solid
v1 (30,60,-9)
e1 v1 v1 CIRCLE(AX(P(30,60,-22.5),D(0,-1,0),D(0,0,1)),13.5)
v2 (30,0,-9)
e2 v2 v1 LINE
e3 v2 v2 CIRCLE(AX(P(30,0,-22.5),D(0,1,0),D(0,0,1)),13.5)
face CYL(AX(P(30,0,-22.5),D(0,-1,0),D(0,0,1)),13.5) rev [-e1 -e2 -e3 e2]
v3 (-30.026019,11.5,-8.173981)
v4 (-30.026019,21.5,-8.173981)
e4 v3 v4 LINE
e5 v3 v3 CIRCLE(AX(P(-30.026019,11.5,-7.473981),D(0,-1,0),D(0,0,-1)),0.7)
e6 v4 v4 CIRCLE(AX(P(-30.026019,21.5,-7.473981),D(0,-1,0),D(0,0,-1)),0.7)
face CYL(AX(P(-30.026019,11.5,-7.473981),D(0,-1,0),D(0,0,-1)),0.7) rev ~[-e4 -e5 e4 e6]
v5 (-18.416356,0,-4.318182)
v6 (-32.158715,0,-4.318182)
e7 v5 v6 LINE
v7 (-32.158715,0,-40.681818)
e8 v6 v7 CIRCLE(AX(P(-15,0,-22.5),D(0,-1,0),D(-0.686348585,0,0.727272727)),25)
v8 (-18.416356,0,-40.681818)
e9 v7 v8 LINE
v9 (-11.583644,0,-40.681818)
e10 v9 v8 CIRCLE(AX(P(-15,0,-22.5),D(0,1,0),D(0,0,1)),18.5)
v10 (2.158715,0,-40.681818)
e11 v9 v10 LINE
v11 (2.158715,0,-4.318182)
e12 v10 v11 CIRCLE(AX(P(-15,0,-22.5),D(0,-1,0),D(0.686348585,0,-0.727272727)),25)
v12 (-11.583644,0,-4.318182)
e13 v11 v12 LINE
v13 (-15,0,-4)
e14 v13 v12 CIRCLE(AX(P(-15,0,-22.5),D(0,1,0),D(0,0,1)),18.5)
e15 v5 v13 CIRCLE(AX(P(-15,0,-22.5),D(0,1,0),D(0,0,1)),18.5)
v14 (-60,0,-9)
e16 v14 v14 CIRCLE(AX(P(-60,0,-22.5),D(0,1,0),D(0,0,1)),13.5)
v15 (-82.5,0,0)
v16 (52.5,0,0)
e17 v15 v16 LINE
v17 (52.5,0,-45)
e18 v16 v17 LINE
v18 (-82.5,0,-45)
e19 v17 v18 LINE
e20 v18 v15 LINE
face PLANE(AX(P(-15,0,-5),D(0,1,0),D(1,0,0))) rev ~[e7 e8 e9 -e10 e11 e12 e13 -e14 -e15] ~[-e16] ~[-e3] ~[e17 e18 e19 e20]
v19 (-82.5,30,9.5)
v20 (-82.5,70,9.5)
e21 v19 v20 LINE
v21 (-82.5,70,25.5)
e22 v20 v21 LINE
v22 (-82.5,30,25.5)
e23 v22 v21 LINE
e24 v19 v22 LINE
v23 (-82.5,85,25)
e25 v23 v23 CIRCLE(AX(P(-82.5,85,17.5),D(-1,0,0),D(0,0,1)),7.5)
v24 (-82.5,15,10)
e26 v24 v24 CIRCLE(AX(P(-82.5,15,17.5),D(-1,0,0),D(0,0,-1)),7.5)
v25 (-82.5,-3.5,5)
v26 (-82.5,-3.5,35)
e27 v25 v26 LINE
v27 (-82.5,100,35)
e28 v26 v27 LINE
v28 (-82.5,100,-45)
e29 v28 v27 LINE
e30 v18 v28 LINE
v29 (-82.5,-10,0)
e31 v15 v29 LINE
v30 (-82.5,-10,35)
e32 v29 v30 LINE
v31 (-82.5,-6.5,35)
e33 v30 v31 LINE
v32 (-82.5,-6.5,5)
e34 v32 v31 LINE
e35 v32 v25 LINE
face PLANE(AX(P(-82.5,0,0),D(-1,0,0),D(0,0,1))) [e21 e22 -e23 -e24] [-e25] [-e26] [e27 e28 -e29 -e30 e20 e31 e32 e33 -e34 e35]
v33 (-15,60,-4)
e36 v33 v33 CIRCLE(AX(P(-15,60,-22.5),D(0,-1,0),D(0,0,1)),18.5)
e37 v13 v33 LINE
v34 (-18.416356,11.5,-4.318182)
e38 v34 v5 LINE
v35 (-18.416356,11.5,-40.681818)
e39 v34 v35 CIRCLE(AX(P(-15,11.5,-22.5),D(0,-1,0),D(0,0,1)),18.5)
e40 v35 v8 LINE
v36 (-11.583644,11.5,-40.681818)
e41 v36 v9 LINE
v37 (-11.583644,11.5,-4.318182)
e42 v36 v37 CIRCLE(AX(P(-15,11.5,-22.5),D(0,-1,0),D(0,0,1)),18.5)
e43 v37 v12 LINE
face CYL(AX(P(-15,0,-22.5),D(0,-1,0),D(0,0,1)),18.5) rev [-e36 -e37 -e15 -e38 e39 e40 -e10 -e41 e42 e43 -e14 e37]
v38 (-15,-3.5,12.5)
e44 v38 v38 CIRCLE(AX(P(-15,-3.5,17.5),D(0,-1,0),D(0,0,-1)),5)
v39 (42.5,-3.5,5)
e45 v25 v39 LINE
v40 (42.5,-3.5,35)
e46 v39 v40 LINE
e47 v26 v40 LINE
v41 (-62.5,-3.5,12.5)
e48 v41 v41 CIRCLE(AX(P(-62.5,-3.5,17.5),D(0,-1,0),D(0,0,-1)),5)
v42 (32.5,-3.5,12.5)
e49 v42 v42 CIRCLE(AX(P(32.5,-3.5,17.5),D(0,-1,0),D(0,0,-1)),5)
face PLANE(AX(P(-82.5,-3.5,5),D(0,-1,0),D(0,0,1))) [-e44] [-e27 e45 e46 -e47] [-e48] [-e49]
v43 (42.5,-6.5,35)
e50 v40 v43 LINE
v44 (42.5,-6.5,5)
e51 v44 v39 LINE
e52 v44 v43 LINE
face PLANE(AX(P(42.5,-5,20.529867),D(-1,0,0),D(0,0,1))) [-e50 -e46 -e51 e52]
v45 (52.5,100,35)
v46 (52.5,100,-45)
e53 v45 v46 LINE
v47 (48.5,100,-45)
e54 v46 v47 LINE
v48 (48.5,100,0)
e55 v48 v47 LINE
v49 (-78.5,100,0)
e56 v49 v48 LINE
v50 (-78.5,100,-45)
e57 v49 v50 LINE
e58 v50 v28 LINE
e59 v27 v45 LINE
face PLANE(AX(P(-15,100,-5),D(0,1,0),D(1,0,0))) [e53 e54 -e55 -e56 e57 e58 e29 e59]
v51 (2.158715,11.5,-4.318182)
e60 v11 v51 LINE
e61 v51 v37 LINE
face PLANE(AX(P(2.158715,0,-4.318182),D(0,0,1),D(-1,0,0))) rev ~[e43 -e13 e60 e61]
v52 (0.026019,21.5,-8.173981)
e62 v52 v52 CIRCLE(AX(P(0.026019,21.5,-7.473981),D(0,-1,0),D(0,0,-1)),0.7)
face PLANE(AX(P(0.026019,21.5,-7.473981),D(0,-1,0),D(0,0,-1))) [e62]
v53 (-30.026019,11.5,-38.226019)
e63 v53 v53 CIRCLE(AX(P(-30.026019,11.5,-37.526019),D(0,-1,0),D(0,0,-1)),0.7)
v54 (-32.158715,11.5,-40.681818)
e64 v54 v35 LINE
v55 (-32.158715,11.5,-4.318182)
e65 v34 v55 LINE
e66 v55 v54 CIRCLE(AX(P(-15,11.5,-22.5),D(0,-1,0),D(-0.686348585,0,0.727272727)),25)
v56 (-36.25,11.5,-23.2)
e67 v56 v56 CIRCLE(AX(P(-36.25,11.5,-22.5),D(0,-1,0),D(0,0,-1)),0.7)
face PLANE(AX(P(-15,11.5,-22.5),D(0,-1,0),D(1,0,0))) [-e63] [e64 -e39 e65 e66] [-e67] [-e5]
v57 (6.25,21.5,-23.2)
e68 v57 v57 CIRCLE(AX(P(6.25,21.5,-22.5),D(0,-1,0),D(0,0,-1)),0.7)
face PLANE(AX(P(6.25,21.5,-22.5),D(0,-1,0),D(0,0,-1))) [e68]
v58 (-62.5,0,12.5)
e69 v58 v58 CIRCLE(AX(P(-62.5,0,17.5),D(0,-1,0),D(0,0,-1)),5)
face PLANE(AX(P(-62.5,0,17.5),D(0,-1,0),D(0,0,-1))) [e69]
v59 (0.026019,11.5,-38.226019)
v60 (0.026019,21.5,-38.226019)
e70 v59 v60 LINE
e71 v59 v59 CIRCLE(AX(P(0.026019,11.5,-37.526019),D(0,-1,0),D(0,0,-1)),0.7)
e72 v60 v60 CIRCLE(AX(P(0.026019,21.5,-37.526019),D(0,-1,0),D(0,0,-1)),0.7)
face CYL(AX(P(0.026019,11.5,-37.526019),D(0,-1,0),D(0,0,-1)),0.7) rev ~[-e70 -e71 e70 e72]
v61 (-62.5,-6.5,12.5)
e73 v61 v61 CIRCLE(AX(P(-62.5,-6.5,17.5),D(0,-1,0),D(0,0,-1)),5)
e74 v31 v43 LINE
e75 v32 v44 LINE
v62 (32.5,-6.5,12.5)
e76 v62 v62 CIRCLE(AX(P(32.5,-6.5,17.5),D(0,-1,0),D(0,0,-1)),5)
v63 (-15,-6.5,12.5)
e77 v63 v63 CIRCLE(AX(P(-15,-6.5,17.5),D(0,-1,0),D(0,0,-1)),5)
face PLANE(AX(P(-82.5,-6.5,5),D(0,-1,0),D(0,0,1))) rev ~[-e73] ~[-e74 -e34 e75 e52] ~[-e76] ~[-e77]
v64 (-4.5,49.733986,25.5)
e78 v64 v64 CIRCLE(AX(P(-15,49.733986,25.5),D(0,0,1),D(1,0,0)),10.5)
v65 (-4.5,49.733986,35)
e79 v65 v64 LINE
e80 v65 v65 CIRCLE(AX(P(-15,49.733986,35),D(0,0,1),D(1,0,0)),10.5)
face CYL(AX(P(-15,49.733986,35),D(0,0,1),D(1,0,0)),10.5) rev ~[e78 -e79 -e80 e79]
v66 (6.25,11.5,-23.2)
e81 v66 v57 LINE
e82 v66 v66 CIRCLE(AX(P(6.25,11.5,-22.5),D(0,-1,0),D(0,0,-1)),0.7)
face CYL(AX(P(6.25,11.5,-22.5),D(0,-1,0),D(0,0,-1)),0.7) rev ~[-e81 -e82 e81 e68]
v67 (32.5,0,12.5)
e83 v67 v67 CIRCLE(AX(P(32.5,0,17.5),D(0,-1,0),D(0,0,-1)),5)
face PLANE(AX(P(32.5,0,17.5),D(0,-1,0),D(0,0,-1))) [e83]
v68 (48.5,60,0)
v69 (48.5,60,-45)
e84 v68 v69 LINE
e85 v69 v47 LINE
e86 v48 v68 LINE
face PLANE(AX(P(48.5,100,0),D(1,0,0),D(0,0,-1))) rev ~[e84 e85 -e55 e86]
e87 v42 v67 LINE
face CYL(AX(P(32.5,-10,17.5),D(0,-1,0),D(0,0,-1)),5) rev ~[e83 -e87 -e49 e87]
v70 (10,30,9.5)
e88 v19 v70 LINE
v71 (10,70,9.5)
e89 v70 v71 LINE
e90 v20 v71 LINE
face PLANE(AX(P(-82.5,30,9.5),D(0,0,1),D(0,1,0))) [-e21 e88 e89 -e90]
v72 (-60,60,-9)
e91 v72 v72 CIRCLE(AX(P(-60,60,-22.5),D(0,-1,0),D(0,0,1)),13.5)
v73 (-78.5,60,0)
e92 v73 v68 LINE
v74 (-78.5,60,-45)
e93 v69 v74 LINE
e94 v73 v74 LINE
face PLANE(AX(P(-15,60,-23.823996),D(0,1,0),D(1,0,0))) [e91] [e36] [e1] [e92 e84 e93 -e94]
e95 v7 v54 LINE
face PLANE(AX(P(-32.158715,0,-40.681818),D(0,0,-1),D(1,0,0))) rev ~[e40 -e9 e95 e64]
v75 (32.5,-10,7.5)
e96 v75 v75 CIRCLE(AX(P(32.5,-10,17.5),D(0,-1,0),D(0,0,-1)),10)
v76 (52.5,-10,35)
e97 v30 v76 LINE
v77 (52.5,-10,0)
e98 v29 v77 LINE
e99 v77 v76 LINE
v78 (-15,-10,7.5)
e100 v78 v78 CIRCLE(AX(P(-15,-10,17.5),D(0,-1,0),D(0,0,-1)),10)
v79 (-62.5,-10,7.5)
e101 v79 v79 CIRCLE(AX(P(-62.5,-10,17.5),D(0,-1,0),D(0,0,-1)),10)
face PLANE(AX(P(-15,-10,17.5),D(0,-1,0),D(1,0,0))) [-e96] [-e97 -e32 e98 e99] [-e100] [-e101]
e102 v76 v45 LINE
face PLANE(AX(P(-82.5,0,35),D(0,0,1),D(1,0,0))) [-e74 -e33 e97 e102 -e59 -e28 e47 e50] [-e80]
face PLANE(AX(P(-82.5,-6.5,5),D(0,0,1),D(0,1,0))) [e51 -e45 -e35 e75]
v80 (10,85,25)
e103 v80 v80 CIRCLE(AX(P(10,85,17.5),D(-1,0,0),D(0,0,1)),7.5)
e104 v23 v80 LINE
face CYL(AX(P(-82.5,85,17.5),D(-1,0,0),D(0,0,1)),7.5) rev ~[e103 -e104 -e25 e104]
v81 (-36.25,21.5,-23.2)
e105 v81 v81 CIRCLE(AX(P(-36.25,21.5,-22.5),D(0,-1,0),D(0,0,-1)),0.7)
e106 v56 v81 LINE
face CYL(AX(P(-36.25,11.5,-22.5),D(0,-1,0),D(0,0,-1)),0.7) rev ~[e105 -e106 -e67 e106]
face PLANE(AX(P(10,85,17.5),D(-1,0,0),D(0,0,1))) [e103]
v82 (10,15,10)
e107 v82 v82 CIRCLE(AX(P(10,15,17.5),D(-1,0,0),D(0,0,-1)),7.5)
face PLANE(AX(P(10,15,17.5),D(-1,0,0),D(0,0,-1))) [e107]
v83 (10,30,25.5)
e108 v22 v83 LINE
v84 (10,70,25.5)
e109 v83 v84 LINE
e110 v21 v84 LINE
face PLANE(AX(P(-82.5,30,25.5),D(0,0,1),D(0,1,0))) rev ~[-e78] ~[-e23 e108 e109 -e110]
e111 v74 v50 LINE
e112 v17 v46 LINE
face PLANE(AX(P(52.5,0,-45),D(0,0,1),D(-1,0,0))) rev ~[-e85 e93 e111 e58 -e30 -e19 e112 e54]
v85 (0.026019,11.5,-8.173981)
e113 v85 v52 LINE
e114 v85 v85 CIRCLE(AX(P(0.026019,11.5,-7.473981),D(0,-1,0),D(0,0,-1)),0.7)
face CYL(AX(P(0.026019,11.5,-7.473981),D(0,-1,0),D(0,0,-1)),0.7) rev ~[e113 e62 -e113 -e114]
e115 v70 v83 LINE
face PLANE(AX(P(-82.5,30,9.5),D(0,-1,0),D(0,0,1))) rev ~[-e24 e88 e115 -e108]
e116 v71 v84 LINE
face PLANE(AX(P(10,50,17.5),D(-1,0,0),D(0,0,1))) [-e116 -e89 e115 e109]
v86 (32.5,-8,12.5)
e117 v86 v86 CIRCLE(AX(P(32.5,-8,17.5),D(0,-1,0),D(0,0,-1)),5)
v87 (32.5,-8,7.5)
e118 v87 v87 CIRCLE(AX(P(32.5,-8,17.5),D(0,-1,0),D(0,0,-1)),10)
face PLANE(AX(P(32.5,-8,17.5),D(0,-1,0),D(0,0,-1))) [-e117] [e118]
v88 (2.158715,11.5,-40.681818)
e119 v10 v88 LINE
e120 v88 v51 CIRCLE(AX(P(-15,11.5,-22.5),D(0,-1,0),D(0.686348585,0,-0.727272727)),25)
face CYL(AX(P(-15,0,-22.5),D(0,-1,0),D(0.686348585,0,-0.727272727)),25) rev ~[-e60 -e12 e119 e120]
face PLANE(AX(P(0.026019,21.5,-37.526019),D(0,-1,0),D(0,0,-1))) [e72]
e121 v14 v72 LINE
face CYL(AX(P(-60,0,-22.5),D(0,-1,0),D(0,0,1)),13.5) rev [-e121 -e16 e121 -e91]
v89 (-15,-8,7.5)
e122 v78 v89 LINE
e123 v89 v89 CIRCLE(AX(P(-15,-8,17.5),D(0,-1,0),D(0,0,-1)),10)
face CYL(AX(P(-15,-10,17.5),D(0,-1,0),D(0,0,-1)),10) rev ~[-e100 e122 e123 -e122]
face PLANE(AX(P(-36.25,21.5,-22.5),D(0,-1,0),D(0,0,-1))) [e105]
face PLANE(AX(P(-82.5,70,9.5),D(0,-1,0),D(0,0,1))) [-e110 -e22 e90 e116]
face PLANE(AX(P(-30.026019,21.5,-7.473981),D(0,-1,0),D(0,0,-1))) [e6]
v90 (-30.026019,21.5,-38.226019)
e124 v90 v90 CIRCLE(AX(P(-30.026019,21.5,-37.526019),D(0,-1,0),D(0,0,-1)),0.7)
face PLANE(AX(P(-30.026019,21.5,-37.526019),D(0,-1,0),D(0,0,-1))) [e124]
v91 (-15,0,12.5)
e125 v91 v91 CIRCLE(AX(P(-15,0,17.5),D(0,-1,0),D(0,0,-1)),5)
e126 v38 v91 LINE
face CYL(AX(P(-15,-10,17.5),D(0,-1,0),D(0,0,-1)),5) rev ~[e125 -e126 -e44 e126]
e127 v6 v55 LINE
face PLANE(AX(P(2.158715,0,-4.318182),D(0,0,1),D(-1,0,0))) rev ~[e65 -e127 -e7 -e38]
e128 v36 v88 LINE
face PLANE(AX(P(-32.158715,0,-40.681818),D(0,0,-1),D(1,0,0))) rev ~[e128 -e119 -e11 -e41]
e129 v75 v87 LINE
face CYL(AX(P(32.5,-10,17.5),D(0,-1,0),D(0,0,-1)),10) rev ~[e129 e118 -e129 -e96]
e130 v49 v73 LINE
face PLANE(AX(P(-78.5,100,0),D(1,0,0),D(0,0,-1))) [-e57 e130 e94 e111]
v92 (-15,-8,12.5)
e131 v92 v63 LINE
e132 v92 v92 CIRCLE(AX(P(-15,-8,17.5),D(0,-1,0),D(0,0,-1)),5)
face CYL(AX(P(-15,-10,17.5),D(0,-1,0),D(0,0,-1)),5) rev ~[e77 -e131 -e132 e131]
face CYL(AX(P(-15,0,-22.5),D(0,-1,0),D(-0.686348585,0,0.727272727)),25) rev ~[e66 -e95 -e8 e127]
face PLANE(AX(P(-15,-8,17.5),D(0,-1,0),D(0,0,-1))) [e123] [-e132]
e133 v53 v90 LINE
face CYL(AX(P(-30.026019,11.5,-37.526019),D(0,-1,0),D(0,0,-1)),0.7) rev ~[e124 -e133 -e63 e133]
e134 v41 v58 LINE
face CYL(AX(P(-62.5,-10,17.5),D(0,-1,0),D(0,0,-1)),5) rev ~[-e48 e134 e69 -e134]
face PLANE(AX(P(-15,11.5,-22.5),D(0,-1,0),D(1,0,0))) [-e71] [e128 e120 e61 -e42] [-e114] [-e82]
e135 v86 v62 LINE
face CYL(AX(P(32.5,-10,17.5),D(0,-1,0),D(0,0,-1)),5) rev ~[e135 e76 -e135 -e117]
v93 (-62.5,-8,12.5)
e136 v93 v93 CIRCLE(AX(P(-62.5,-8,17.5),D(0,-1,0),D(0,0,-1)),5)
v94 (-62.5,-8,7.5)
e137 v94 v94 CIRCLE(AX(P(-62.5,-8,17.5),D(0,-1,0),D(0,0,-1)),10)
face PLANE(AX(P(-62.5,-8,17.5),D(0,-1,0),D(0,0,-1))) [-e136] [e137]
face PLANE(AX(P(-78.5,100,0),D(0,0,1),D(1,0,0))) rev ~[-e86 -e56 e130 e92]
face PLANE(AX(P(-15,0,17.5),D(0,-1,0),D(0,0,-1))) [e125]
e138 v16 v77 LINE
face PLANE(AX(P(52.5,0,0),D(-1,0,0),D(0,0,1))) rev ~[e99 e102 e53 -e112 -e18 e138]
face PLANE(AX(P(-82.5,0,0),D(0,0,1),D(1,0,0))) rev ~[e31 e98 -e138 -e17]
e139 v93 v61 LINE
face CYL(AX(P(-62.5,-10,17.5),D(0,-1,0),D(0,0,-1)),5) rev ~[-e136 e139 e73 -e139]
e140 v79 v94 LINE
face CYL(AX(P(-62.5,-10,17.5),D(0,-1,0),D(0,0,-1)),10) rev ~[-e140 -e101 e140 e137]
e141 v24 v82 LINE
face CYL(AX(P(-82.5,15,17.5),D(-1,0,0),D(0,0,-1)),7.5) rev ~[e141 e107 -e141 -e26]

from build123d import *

# Parameters (mm, degrees)
SKETCH1_R           = 13.5
SKETCH1_R_2         = 18.5
BOSS_EXTRUDE1_DEPTH = 100
CUT_EXTRUDE1_DEPTH  = 11.5
SKETCH4_R           = 0.7
CUT_EXTRUDE2_DEPTH  = 10
SKETCH5_W           = 127
SKETCH5_H           = 47.647991038
CUT_EXTRUDE3_DEPTH  = 40
SKETCH6_R           = 7.5
SKETCH6_W           = 16
SKETCH6_H           = 40
CUT_EXTRUDE4_DEPTH  = 92.5
SKETCH10_R          = 10.5
CUT_EXTRUDE5_DEPTH  = 25.5
SKETCH11_W          = 135
SKETCH11_H          = 35
BOSS_EXTRUDE2_DEPTH = 10
SKETCH12_W          = 31.059733337
SKETCH12_H          = 3
CUT_EXTRUDE6_DEPTH  = 125
SKETCH13_R          = 5
CUT_EXTRUDE8_DEPTH  = 10
SKETCH14_R          = 10
CUT_EXTRUDE9_DEPTH  = 2


with BuildPart() as part:
    # Sketch1 → Boss-Extrude1 (new body)
    with BuildSketch(Plane(origin=(0, 0, 0), x_dir=(1, 0, 0), z_dir=(0, 1, 0))):
        Polygon((-82.5, 0), (-82.5, -35), (52.5, -35), (52.5, 0), (52.5, 45), (-82.5, 45), align=None)
        with Locations(Location((-60, 22.5, 0), (0, 0, 270))):
            Circle(SKETCH1_R, mode=Mode.SUBTRACT)
        with Locations(Location((-15, 22.5, 0), (0, 0, 270))):
            Circle(SKETCH1_R_2, mode=Mode.SUBTRACT)
        with Locations(Location((30, 22.5, 0), (0, 0, 270))):
            Circle(SKETCH1_R, mode=Mode.SUBTRACT)
    extrude(amount=BOSS_EXTRUDE1_DEPTH)

    # Sketch3 → Cut-Extrude1 (cut)
    with BuildSketch(Plane.XZ):
        with BuildLine():
            Line((-32.158714626, -40.681818182), (2.158714626, -40.681818182))
            ThreePointArc((2.158714626, -40.681818182), (10, -22.5), (2.158714626, -4.318181818))
            Line((2.158714626, -4.318181818), (-32.158714626, -4.318181818))
            ThreePointArc((-32.158714626, -4.318181818), (-40, -22.5), (-32.158714626, -40.681818182))
        make_face()
    extrude(amount=-CUT_EXTRUDE1_DEPTH, mode=Mode.SUBTRACT)

    # Sketch4 → Cut-Extrude2 (cut)
    with BuildSketch(Plane.XZ.offset(-11.5)):
        with Locations(Location((-36.25, -22.5, 0), (0, 0, 270))):
            Circle(SKETCH4_R)
        with Locations(Location((-30.0260191, -7.4739809, 0), (0, 0, 270))):
            Circle(SKETCH4_R)
        with Locations(Location((0.0260191, -7.4739809, 0), (0, 0, 270))):
            Circle(SKETCH4_R)
        with Locations(Location((6.25, -22.5, 0), (0, 0, 270))):
            Circle(SKETCH4_R)
        with Locations(Location((0.0260191, -37.5260191, 0), (0, 0, 270))):
            Circle(SKETCH4_R)
        with Locations(Location((-30.0260191, -37.5260191, 0), (0, 0, 270))):
            Circle(SKETCH4_R)
    extrude(amount=-CUT_EXTRUDE2_DEPTH, mode=Mode.SUBTRACT)

    # Sketch5 → Cut-Extrude3 (cut)
    with BuildSketch(Plane(origin=(0, 100, 0), x_dir=(1, 0, 0), z_dir=(0, 1, 0))):
        with Locations((-15, 23.823995519)):
            Rectangle(SKETCH5_W, SKETCH5_H)
    extrude(amount=-CUT_EXTRUDE3_DEPTH, mode=Mode.SUBTRACT)

    # Sketch6 → Cut-Extrude4 (cut)
    with BuildSketch(Plane.ZY.offset(82.5)):
        with Locations((17.5, 85)):
            Circle(SKETCH6_R)
        with Locations(Location((17.5, 15, 0), (0, 0, 180))):
            Circle(SKETCH6_R)
        with Locations((17.5, 50)):
            Rectangle(SKETCH6_W, SKETCH6_H)
    extrude(amount=-CUT_EXTRUDE4_DEPTH, mode=Mode.SUBTRACT)

    # Sketch10 → Cut-Extrude5 (cut)
    with BuildSketch(Plane.XY.offset(35)):
        with Locations((-15, 49.733985677)):
            Circle(SKETCH10_R)
    extrude(amount=-CUT_EXTRUDE5_DEPTH, mode=Mode.SUBTRACT)

    # Sketch11 → Boss-Extrude2 (add)
    with BuildSketch(Plane.XZ):
        with Locations((-15, 17.5)):
            Rectangle(SKETCH11_W, SKETCH11_H)
    extrude(amount=BOSS_EXTRUDE2_DEPTH)

    # Sketch12 → Cut-Extrude6 (cut)
    with BuildSketch(Plane.ZY.offset(82.5)):
        with Locations((20.529866669, -5)):
            Rectangle(SKETCH12_W, SKETCH12_H)
    extrude(amount=-CUT_EXTRUDE6_DEPTH, mode=Mode.SUBTRACT)

    # Sketch13 → Cut-Extrude8 (cut)
    with BuildSketch(Plane.XZ.offset(10)):
        with Locations(Location((-62.5, 17.5, 0), (0, 0, 270))):
            Circle(SKETCH13_R)
        with Locations(Location((32.5, 17.5, 0), (0, 0, 270))):
            Circle(SKETCH13_R)
        with Locations(Location((-15, 17.5, 0), (0, 0, 270))):
            Circle(SKETCH13_R)
    extrude(amount=-CUT_EXTRUDE8_DEPTH, mode=Mode.SUBTRACT)

    # Sketch14 → Cut-Extrude9 (cut)
    with BuildSketch(Plane.XZ.offset(10)):
        with Locations(Location((-62.5, 17.5, 0), (0, 0, 270))):
            Circle(SKETCH14_R)
        with Locations(Location((-15, 17.5, 0), (0, 0, 270))):
            Circle(SKETCH14_R)
        with Locations(Location((32.5, 17.5, 0), (0, 0, 270))):
            Circle(SKETCH14_R)
    extrude(amount=-CUT_EXTRUDE9_DEPTH, mode=Mode.SUBTRACT)


solid = part.part
